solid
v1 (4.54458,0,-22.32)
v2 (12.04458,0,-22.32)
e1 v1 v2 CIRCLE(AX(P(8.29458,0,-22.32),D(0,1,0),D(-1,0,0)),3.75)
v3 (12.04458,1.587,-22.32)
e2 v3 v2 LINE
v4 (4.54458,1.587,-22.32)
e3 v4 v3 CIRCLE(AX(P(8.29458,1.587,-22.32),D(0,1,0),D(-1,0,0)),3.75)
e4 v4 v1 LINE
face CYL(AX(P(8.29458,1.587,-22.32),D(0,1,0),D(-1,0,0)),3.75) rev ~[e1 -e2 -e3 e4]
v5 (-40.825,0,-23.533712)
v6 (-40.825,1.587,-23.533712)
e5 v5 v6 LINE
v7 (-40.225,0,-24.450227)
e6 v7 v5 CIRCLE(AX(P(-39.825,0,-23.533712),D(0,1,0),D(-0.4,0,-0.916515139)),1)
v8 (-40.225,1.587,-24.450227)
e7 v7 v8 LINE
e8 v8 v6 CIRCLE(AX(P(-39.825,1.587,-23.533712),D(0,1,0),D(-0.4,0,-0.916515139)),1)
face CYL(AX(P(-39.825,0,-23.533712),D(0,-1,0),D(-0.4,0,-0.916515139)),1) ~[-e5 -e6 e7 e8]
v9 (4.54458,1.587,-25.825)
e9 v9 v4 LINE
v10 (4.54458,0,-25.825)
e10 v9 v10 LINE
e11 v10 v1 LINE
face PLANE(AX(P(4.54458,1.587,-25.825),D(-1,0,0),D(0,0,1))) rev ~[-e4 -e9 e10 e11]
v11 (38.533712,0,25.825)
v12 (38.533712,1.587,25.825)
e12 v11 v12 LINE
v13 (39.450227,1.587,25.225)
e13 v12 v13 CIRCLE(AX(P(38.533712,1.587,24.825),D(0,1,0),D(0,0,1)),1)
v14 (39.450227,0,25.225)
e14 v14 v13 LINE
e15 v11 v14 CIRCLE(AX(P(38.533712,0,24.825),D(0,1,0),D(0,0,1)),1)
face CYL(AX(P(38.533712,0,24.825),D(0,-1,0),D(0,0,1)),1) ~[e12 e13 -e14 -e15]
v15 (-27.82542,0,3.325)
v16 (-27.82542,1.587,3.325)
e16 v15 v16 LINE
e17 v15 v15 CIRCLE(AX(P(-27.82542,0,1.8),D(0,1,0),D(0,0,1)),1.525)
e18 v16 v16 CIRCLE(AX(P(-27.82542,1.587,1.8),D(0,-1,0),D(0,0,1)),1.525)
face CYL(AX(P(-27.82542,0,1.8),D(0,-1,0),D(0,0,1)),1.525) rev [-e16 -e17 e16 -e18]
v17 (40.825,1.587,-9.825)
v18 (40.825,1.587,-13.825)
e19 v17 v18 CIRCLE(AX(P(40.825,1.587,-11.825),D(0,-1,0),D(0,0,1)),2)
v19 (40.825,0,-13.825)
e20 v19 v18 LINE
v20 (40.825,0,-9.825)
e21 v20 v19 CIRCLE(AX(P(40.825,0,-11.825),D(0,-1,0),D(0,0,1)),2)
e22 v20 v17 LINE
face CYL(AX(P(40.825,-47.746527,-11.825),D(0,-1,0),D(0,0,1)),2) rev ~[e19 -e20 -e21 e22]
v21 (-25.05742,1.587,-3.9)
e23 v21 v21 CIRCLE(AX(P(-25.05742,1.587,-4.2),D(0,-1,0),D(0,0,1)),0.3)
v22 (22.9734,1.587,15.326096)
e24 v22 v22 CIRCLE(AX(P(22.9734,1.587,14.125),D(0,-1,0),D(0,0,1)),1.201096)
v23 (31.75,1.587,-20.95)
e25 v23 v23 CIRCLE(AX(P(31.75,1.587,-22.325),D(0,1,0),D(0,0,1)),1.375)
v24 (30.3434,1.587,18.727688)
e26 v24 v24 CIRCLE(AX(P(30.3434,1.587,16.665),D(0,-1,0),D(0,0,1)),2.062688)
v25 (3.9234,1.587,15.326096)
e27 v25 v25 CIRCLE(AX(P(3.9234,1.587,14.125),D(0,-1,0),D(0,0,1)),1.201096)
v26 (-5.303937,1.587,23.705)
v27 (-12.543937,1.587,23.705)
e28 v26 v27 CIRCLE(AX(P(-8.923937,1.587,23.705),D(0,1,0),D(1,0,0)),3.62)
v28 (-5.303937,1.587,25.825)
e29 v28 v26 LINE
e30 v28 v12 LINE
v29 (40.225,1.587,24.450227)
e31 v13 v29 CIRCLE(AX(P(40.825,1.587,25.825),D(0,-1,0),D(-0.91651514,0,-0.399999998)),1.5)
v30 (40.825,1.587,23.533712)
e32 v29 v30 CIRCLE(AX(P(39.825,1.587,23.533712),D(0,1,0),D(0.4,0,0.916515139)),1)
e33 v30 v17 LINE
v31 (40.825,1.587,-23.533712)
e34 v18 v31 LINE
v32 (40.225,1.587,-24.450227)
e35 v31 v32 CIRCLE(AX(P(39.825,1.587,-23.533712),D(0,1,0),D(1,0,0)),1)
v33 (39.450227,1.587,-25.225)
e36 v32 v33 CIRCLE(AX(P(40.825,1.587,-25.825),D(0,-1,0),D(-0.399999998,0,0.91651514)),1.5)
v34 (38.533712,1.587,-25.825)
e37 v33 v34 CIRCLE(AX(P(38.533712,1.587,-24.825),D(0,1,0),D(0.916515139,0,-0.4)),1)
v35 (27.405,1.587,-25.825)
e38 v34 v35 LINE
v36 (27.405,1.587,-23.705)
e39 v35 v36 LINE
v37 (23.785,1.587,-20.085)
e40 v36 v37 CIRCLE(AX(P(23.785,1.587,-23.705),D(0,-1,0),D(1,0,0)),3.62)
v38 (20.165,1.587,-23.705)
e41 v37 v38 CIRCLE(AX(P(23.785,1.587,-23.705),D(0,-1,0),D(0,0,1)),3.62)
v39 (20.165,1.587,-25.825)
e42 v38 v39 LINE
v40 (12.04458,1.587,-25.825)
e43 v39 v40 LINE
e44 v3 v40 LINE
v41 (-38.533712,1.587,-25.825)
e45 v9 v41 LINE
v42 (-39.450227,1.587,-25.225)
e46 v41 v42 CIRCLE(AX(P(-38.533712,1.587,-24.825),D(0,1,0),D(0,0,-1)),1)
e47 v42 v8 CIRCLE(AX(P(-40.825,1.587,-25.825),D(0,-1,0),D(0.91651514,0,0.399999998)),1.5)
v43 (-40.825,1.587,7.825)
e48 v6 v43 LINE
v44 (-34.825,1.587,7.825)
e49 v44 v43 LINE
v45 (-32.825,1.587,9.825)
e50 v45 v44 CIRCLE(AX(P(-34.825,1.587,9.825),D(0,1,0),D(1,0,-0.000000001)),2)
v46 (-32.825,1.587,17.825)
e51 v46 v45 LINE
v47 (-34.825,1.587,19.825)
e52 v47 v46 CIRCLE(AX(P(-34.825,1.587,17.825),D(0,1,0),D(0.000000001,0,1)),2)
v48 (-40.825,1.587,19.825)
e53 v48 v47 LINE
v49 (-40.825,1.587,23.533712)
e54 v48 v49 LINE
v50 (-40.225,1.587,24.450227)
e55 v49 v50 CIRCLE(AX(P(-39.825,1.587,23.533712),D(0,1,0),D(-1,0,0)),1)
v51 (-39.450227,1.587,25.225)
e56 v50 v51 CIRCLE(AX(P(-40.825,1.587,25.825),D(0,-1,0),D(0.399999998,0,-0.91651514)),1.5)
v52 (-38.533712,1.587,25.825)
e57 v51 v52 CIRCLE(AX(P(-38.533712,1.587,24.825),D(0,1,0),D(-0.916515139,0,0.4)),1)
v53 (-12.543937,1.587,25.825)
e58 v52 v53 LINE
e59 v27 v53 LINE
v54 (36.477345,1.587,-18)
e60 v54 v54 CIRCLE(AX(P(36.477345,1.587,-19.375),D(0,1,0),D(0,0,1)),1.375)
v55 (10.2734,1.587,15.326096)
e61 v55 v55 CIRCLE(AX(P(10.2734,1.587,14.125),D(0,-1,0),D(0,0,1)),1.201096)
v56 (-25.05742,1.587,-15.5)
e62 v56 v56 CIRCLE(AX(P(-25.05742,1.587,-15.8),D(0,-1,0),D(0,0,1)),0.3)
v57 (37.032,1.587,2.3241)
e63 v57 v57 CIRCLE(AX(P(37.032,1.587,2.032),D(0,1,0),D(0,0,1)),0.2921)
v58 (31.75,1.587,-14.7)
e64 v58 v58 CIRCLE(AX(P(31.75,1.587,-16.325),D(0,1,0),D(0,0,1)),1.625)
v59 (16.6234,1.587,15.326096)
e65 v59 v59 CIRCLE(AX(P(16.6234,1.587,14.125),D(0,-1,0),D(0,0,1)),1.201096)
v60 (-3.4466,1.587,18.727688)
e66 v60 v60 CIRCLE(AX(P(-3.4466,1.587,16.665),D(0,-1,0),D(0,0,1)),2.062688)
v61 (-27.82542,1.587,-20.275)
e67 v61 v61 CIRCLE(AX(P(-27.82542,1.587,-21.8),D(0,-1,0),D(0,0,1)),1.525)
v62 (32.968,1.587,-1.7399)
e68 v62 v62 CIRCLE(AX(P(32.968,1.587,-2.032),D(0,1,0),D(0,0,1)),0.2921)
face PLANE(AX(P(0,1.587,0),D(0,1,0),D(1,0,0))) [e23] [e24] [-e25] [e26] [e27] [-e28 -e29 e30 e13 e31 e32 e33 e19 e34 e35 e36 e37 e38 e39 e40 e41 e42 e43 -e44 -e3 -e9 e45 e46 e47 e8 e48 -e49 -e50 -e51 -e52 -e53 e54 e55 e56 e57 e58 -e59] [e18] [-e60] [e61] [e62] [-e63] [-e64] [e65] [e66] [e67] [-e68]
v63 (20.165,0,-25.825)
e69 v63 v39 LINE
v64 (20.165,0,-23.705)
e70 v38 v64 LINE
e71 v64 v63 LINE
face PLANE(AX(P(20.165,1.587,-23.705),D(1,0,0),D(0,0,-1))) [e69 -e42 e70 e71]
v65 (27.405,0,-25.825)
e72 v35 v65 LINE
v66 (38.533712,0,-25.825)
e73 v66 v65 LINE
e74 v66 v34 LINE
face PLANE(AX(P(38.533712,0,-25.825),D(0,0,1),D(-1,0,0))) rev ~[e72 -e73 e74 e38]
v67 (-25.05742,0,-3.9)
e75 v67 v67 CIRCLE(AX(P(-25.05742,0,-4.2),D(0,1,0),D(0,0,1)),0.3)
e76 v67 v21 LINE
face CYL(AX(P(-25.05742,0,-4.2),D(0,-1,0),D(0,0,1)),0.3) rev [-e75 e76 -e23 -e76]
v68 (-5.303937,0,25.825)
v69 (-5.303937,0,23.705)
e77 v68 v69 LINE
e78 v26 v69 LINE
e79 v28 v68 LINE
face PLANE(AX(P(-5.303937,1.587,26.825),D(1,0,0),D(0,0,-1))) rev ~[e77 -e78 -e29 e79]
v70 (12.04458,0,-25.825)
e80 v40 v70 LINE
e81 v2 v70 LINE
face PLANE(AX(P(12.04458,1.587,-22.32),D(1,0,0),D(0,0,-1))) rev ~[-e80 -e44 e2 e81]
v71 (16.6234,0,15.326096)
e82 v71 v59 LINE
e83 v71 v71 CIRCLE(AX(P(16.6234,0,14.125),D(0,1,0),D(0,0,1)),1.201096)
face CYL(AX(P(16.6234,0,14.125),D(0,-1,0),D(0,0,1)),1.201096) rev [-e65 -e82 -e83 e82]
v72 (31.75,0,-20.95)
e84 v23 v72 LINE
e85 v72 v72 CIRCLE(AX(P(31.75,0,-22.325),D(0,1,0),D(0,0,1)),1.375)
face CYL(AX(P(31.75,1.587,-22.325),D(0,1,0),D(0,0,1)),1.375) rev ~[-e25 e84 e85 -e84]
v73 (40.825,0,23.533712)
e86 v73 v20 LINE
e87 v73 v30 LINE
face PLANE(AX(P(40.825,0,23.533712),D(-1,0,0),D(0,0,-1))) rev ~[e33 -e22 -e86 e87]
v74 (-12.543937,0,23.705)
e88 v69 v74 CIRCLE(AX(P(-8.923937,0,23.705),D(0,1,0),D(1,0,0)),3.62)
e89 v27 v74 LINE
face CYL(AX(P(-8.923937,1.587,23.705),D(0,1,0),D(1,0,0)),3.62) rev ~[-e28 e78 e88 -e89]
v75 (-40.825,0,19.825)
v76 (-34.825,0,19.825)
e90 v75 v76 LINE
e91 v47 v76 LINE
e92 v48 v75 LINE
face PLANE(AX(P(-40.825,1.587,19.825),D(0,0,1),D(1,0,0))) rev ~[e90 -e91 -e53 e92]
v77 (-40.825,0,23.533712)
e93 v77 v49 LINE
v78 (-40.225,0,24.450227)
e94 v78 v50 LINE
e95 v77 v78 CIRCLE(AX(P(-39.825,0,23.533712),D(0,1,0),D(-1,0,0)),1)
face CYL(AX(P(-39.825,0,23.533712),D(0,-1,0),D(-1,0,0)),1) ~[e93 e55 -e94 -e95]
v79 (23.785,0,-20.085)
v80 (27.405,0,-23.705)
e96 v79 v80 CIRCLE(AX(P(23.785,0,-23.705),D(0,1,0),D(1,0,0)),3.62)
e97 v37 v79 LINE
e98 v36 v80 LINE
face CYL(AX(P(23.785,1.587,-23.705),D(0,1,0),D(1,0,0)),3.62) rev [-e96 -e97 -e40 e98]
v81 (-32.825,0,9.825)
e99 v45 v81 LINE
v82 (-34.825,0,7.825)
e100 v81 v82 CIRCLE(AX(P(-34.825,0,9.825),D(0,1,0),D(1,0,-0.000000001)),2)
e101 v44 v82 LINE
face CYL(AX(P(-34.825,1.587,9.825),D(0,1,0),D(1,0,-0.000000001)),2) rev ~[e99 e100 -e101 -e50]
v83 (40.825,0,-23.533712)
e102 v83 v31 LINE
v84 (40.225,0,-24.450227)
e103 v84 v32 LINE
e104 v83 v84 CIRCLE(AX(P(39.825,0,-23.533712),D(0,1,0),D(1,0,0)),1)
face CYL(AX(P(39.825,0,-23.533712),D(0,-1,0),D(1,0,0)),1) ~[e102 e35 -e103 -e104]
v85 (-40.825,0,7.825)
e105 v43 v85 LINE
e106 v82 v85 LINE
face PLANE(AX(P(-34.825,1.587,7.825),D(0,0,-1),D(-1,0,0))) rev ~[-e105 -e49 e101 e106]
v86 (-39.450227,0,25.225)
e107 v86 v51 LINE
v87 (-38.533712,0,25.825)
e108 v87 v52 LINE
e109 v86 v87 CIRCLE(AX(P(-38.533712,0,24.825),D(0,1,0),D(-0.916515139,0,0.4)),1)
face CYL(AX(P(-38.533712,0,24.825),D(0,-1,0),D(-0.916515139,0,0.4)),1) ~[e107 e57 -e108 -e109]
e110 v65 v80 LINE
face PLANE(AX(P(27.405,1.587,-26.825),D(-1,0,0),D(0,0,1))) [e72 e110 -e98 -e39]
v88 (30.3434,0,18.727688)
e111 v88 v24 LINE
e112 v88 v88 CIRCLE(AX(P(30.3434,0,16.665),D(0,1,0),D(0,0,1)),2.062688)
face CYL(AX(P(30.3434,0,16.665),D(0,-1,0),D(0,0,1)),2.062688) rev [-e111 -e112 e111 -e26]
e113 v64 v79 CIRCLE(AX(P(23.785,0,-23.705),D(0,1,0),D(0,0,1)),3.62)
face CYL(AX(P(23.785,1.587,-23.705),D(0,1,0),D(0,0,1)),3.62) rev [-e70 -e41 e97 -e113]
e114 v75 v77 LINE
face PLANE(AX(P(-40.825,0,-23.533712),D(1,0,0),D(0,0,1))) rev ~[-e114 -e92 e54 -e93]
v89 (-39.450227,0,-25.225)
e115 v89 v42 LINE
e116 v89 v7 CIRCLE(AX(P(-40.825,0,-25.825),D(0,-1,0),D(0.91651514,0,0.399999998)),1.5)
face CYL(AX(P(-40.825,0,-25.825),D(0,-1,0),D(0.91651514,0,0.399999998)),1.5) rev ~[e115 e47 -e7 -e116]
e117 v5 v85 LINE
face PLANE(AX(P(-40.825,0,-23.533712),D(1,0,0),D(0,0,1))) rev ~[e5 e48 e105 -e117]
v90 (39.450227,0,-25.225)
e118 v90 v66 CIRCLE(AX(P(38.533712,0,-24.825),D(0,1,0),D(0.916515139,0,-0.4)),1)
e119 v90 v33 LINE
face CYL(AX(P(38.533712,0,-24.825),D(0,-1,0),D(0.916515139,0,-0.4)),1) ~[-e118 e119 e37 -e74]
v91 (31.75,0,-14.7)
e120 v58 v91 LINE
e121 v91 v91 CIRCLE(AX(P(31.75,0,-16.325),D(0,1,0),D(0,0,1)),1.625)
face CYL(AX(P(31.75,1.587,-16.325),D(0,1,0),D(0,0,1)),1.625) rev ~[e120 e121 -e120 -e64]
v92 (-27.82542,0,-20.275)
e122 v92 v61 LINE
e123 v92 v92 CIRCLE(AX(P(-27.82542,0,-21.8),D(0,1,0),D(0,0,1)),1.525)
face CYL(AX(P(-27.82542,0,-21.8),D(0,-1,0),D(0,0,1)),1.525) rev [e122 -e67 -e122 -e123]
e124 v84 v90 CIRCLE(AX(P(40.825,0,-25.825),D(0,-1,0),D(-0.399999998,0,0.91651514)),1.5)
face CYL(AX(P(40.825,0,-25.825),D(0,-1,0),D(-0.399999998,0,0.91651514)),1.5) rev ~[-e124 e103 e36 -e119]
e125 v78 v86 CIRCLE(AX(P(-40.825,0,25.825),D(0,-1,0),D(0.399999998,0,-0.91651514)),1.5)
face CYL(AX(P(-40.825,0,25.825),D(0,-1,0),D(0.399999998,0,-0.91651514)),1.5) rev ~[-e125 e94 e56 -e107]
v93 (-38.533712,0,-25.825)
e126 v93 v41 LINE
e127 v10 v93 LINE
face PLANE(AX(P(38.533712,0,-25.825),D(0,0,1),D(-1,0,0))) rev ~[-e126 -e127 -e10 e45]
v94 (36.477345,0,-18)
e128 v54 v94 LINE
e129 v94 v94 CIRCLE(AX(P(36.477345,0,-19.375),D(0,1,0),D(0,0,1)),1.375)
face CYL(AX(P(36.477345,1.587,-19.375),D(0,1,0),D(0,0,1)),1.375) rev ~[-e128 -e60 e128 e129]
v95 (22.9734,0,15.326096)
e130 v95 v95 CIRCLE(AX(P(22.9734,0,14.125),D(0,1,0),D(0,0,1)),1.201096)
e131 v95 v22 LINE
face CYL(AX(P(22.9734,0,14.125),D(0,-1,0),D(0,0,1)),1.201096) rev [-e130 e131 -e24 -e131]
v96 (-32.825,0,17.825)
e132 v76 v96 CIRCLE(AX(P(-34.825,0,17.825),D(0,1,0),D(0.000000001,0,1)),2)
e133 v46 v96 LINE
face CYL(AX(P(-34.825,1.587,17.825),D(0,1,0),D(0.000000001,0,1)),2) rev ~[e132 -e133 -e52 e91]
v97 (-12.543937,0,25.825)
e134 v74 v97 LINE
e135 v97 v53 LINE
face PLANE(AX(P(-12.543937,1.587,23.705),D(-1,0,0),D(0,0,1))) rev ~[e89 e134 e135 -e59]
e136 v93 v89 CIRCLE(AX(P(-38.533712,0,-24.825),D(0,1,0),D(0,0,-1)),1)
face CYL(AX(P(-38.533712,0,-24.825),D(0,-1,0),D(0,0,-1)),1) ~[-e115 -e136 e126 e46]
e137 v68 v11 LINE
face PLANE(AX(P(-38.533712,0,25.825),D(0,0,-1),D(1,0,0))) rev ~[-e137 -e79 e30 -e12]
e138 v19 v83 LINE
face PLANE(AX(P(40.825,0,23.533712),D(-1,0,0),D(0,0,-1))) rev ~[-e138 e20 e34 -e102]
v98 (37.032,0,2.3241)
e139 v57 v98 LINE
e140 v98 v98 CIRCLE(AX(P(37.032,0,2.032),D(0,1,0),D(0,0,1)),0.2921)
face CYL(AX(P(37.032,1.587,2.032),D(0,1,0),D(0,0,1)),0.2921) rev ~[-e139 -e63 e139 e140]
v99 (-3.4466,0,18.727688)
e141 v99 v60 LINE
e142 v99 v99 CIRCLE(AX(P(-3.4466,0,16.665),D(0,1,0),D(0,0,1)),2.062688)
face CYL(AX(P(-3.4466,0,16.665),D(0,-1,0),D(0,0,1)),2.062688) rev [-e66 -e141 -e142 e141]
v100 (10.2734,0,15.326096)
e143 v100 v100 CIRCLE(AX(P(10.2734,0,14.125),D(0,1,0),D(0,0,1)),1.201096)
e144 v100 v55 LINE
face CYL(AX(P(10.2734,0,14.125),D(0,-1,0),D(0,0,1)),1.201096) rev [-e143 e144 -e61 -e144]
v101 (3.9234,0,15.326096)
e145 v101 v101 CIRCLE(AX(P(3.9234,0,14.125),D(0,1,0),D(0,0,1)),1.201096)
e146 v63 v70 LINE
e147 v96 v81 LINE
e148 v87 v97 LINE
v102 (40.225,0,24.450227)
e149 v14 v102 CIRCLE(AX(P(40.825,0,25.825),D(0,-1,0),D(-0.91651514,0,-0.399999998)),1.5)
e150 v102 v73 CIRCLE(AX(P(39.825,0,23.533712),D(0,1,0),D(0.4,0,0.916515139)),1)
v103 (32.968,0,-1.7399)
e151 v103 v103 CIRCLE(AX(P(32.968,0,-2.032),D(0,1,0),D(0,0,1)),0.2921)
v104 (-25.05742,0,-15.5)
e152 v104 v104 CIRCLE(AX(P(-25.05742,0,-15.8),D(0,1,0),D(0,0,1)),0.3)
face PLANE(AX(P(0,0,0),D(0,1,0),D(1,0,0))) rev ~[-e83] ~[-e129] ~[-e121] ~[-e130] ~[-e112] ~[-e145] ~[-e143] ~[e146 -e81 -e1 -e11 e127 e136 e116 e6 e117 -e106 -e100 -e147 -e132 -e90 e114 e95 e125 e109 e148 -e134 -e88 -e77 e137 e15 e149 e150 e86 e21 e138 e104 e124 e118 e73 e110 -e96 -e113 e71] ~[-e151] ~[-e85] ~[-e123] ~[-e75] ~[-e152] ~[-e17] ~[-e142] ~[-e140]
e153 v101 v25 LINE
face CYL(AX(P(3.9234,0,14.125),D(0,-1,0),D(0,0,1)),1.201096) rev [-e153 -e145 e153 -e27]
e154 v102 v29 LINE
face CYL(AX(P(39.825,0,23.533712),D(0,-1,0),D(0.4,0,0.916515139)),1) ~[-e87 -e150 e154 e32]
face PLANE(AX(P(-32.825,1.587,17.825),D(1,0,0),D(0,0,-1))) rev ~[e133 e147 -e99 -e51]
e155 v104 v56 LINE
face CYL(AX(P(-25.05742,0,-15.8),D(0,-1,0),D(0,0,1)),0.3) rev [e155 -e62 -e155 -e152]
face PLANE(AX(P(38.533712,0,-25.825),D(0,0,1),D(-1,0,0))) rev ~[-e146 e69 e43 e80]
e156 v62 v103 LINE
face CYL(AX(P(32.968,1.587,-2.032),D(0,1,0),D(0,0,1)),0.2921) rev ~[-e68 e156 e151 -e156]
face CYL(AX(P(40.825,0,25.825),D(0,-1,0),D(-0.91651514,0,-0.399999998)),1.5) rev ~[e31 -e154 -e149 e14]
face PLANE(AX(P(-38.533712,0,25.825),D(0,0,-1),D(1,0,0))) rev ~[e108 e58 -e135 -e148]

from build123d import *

# Parameters (mm, degrees)
BOSS_EXTRUDE2_DEPTH     = 1.587
SKETCH5_R               = 2.06268814
SKETCH5_R_2             = 1.20109573
SKETCH5_R_3             = 1.525
SKETCH5_R_4             = 0.3
CUT_EXTRUDE3_DEPTH      = 49.333526863
CUT_EXTRUDE4_DEPTH      = 49.333526863
CUT_EXTRUDE5_DEPTH      = 49.333526863
CUT_EXTRUDE7_DEPTH      = 49.333526863
CUT_EXTRUDE8_DEPTH      = 49.333526863
CUT_EXTRUDE9_DEPTH      = 49.333526863
CUT_EXTRUDE9_DEPTH_BACK = 49.333526863
SKETCH6_R               = 1.625
SKETCH6_R_2             = 1.375
CUT_EXTRUDE10_DEPTH     = 49.333526863
SKETCH18_R              = 0.2921
CUT_EXTRUDE11_DEPTH     = 49.333526863


with BuildPart() as part:
    # Sketch3 → Boss-Extrude2 (new body)
    with BuildSketch(Plane(origin=(0, 0, 0), x_dir=(1, 0, 0), z_dir=(0, 1, 0))):
        with BuildLine():
            Line((-38.533712153, -25.825), (38.533712153, -25.825))
            ThreePointArc((38.533712153, -25.825), (39.08143471, -25.661660027), (39.450227292, -25.225))
            ThreePointArc((39.450227292, -25.225), (39.764339828, -24.764339828), (40.225, -24.450227292))
            ThreePointArc((40.225, -24.450227292), (40.661660027, -24.08143471), (40.825, -23.533712153))
            Line((40.825, -23.533712153), (40.825, 23.533712153))
            ThreePointArc((40.825, 23.533712153), (40.661660027, 24.08143471), (40.225, 24.450227292))
            ThreePointArc((40.225, 24.450227292), (39.764339828, 24.764339828), (39.450227292, 25.225))
            ThreePointArc((39.450227292, 25.225), (39.08143471, 25.661660027), (38.533712153, 25.825))
            Line((38.533712153, 25.825), (-38.533712153, 25.825))
            ThreePointArc((-38.533712153, 25.825), (-39.08143471, 25.661660027), (-39.450227292, 25.225))
            ThreePointArc((-39.450227292, 25.225), (-39.764339828, 24.764339828), (-40.225, 24.450227292))
            ThreePointArc((-40.225, 24.450227292), (-40.661660027, 24.08143471), (-40.825, 23.533712153))
            Line((-40.825, 23.533712153), (-40.825, -23.533712153))
            ThreePointArc((-40.825, -23.533712153), (-40.661660027, -24.08143471), (-40.225, -24.450227292))
            ThreePointArc((-40.225, -24.450227292), (-39.764339828, -24.764339828), (-39.450227292, -25.225))
            ThreePointArc((-39.450227292, -25.225), (-39.08143471, -25.661660027), (-38.533712153, -25.825))
        make_face()
    extrude(amount=BOSS_EXTRUDE2_DEPTH)

    # Sketch5 → Cut-Extrude3 (cut, through all)
    with BuildSketch(Plane(origin=(0, 0, 0), x_dir=(1, 0, 0), z_dir=(0, 1, 0))):
        with Locations(Location((30.3434, -16.665, 0), (0, 0, 270))):
            Circle(SKETCH5_R)
        with Locations(Location((22.9734, -14.125, 0), (0, 0, 270))):
            Circle(SKETCH5_R_2)
        with Locations(Location((16.6234, -14.125, 0), (0, 0, 270))):
            Circle(SKETCH5_R_2)
        with Locations(Location((10.2734, -14.125, 0), (0, 0, 270))):
            Circle(SKETCH5_R_2)
        with Locations(Location((3.9234, -14.125, 0), (0, 0, 270))):
            Circle(SKETCH5_R_2)
        with Locations(Location((-3.4466, -16.665, 0), (0, 0, 270))):
            Circle(SKETCH5_R)
        with Locations(Location((-27.825419843, 21.8, 0), (0, 0, 270))):
            Circle(SKETCH5_R_3)
        with Locations(Location((-27.825419843, -1.8, 0), (0, 0, 270))):
            Circle(SKETCH5_R_3)
        with Locations(Location((-25.057419843, 15.8, 0), (0, 0, 270))):
            Circle(SKETCH5_R_4)
        with Locations(Location((-25.057419843, 4.2, 0), (0, 0, 270))):
            Circle(SKETCH5_R_4)
    extrude(amount=CUT_EXTRUDE3_DEPTH, mode=Mode.SUBTRACT)

    # Sketch8 → Cut-Extrude4 (cut, through all)
    with BuildSketch(Plane(origin=(0, 1.587, 0), x_dir=(1, 0, 0), z_dir=(0, 1, 0))):
        with BuildLine():
            Line((4.544580157, 25.825), (4.544580157, 22.32))
            ThreePointArc((4.544580157, 22.32), (8.294580157, 18.57), (12.044580157, 22.32))
            Line((12.044580157, 22.32), (12.044580157, 25.825))
            Line((12.044580157, 25.825), (4.544580157, 25.825))
        make_face()
    extrude(amount=-CUT_EXTRUDE4_DEPTH, mode=Mode.SUBTRACT)

    # Sketch9 → Cut-Extrude5 (cut, through all)
    with BuildSketch(Plane(origin=(0, 1.587, 0), x_dir=(1, 0, 0), z_dir=(0, 1, 0))):
        with BuildLine():
            Line((-40.825, -19.825), (-34.825, -19.825))
            ThreePointArc((-34.825, -19.825), (-33.410786438, -19.239213562), (-32.825, -17.825))
            Line((-32.825, -17.825), (-32.825, -9.825))
            ThreePointArc((-32.825, -9.825), (-33.410786438, -8.410786438), (-34.825, -7.825))
            Line((-34.825, -7.825), (-40.825, -7.825))
            Line((-40.825, -7.825), (-40.825, -19.825))
        make_face()
    extrude(amount=-CUT_EXTRUDE5_DEPTH, mode=Mode.SUBTRACT)

    # Sketch10 → Cut-Extrude7 (cut, through all)
    with BuildSketch(Plane(origin=(0, 1.587, 0), x_dir=(1, 0, 0), z_dir=(0, 1, 0))):
        with BuildLine():
            Line((20.165, 23.705), (20.165, 26.825))
            Line((20.165, 26.825), (27.405, 26.825))
            Line((27.405, 26.825), (27.405, 23.705))
            ThreePointArc((27.405, 23.705), (26.344726548, 21.145273452), (23.785, 20.085))
            ThreePointArc((23.785, 20.085), (21.225273452, 21.145273452), (20.165, 23.705))
        make_face()
    extrude(amount=-CUT_EXTRUDE7_DEPTH, mode=Mode.SUBTRACT)

    # Sketch12 → Cut-Extrude8 (cut, through all)
    with BuildSketch(Plane(origin=(0, 1.587, 0), x_dir=(1, 0, 0), z_dir=(0, 1, 0))):
        with BuildLine():
            Line((-12.54393673, -26.825), (-5.30393673, -26.825))
            Line((-5.30393673, -26.825), (-5.30393673, -23.705))
            ThreePointArc((-5.30393673, -23.705), (-8.92393673, -20.085), (-12.54393673, -23.705))
            Line((-12.54393673, -23.705), (-12.54393673, -26.825))
        make_face()
    extrude(amount=-CUT_EXTRUDE8_DEPTH, mode=Mode.SUBTRACT)

    # Sketch14 → Cut-Extrude9 (cut, two sides: drawn at the far end of the back side and taken through both)
    with BuildSketch(Plane(origin=(0, 1.587, 0), x_dir=(1, 0, 0), z_dir=(0, 1, 0)).offset(-CUT_EXTRUDE9_DEPTH_BACK)):
        with BuildLine():
            Line((232.361167195, 9.825), (40.825, 9.825))
            ThreePointArc((40.825, 9.825), (38.825, 11.825), (40.825, 13.825))
            Line((40.825, 13.825), (232.361167195, 13.825))
            Line((232.361167195, 13.825), (615.433501586, 13.825))
            Line((615.433501586, 13.825), (615.433501586, 9.825))
            Line((615.433501586, 9.825), (232.361167195, 9.825))
        make_face()
    extrude(amount=CUT_EXTRUDE9_DEPTH + CUT_EXTRUDE9_DEPTH_BACK, mode=Mode.SUBTRACT)

    # Sketch6 → Cut-Extrude10 (cut, through all)
    with BuildSketch(Plane(origin=(0, 1.587, 0), x_dir=(1, 0, 0), z_dir=(0, 1, 0))):
        with Locations(Location((31.75, 16.325, 0), (0, 0, 270))):
            Circle(SKETCH6_R)
        with Locations(Location((31.75, 22.325, 0), (0, 0, 270))):
            Circle(SKETCH6_R_2)
        with Locations(Location((36.477344643, 19.375, 0), (0, 0, 270))):
            Circle(SKETCH6_R_2)
    extrude(amount=-CUT_EXTRUDE10_DEPTH, mode=Mode.SUBTRACT)

    # Sketch18 → Cut-Extrude11 (cut, through all)
    with BuildSketch(Plane(origin=(0, 1.587, 0), x_dir=(1, 0, 0), z_dir=(0, 1, 0))):
        with Locations(Location((32.968, 2.032, 0), (0, 0, 270))):
            Circle(SKETCH18_R)
        with Locations(Location((37.032, -2.032, 0), (0, 0, 270))):
            Circle(SKETCH18_R)
    extrude(amount=-CUT_EXTRUDE11_DEPTH, mode=Mode.SUBTRACT)


solid = part.part
